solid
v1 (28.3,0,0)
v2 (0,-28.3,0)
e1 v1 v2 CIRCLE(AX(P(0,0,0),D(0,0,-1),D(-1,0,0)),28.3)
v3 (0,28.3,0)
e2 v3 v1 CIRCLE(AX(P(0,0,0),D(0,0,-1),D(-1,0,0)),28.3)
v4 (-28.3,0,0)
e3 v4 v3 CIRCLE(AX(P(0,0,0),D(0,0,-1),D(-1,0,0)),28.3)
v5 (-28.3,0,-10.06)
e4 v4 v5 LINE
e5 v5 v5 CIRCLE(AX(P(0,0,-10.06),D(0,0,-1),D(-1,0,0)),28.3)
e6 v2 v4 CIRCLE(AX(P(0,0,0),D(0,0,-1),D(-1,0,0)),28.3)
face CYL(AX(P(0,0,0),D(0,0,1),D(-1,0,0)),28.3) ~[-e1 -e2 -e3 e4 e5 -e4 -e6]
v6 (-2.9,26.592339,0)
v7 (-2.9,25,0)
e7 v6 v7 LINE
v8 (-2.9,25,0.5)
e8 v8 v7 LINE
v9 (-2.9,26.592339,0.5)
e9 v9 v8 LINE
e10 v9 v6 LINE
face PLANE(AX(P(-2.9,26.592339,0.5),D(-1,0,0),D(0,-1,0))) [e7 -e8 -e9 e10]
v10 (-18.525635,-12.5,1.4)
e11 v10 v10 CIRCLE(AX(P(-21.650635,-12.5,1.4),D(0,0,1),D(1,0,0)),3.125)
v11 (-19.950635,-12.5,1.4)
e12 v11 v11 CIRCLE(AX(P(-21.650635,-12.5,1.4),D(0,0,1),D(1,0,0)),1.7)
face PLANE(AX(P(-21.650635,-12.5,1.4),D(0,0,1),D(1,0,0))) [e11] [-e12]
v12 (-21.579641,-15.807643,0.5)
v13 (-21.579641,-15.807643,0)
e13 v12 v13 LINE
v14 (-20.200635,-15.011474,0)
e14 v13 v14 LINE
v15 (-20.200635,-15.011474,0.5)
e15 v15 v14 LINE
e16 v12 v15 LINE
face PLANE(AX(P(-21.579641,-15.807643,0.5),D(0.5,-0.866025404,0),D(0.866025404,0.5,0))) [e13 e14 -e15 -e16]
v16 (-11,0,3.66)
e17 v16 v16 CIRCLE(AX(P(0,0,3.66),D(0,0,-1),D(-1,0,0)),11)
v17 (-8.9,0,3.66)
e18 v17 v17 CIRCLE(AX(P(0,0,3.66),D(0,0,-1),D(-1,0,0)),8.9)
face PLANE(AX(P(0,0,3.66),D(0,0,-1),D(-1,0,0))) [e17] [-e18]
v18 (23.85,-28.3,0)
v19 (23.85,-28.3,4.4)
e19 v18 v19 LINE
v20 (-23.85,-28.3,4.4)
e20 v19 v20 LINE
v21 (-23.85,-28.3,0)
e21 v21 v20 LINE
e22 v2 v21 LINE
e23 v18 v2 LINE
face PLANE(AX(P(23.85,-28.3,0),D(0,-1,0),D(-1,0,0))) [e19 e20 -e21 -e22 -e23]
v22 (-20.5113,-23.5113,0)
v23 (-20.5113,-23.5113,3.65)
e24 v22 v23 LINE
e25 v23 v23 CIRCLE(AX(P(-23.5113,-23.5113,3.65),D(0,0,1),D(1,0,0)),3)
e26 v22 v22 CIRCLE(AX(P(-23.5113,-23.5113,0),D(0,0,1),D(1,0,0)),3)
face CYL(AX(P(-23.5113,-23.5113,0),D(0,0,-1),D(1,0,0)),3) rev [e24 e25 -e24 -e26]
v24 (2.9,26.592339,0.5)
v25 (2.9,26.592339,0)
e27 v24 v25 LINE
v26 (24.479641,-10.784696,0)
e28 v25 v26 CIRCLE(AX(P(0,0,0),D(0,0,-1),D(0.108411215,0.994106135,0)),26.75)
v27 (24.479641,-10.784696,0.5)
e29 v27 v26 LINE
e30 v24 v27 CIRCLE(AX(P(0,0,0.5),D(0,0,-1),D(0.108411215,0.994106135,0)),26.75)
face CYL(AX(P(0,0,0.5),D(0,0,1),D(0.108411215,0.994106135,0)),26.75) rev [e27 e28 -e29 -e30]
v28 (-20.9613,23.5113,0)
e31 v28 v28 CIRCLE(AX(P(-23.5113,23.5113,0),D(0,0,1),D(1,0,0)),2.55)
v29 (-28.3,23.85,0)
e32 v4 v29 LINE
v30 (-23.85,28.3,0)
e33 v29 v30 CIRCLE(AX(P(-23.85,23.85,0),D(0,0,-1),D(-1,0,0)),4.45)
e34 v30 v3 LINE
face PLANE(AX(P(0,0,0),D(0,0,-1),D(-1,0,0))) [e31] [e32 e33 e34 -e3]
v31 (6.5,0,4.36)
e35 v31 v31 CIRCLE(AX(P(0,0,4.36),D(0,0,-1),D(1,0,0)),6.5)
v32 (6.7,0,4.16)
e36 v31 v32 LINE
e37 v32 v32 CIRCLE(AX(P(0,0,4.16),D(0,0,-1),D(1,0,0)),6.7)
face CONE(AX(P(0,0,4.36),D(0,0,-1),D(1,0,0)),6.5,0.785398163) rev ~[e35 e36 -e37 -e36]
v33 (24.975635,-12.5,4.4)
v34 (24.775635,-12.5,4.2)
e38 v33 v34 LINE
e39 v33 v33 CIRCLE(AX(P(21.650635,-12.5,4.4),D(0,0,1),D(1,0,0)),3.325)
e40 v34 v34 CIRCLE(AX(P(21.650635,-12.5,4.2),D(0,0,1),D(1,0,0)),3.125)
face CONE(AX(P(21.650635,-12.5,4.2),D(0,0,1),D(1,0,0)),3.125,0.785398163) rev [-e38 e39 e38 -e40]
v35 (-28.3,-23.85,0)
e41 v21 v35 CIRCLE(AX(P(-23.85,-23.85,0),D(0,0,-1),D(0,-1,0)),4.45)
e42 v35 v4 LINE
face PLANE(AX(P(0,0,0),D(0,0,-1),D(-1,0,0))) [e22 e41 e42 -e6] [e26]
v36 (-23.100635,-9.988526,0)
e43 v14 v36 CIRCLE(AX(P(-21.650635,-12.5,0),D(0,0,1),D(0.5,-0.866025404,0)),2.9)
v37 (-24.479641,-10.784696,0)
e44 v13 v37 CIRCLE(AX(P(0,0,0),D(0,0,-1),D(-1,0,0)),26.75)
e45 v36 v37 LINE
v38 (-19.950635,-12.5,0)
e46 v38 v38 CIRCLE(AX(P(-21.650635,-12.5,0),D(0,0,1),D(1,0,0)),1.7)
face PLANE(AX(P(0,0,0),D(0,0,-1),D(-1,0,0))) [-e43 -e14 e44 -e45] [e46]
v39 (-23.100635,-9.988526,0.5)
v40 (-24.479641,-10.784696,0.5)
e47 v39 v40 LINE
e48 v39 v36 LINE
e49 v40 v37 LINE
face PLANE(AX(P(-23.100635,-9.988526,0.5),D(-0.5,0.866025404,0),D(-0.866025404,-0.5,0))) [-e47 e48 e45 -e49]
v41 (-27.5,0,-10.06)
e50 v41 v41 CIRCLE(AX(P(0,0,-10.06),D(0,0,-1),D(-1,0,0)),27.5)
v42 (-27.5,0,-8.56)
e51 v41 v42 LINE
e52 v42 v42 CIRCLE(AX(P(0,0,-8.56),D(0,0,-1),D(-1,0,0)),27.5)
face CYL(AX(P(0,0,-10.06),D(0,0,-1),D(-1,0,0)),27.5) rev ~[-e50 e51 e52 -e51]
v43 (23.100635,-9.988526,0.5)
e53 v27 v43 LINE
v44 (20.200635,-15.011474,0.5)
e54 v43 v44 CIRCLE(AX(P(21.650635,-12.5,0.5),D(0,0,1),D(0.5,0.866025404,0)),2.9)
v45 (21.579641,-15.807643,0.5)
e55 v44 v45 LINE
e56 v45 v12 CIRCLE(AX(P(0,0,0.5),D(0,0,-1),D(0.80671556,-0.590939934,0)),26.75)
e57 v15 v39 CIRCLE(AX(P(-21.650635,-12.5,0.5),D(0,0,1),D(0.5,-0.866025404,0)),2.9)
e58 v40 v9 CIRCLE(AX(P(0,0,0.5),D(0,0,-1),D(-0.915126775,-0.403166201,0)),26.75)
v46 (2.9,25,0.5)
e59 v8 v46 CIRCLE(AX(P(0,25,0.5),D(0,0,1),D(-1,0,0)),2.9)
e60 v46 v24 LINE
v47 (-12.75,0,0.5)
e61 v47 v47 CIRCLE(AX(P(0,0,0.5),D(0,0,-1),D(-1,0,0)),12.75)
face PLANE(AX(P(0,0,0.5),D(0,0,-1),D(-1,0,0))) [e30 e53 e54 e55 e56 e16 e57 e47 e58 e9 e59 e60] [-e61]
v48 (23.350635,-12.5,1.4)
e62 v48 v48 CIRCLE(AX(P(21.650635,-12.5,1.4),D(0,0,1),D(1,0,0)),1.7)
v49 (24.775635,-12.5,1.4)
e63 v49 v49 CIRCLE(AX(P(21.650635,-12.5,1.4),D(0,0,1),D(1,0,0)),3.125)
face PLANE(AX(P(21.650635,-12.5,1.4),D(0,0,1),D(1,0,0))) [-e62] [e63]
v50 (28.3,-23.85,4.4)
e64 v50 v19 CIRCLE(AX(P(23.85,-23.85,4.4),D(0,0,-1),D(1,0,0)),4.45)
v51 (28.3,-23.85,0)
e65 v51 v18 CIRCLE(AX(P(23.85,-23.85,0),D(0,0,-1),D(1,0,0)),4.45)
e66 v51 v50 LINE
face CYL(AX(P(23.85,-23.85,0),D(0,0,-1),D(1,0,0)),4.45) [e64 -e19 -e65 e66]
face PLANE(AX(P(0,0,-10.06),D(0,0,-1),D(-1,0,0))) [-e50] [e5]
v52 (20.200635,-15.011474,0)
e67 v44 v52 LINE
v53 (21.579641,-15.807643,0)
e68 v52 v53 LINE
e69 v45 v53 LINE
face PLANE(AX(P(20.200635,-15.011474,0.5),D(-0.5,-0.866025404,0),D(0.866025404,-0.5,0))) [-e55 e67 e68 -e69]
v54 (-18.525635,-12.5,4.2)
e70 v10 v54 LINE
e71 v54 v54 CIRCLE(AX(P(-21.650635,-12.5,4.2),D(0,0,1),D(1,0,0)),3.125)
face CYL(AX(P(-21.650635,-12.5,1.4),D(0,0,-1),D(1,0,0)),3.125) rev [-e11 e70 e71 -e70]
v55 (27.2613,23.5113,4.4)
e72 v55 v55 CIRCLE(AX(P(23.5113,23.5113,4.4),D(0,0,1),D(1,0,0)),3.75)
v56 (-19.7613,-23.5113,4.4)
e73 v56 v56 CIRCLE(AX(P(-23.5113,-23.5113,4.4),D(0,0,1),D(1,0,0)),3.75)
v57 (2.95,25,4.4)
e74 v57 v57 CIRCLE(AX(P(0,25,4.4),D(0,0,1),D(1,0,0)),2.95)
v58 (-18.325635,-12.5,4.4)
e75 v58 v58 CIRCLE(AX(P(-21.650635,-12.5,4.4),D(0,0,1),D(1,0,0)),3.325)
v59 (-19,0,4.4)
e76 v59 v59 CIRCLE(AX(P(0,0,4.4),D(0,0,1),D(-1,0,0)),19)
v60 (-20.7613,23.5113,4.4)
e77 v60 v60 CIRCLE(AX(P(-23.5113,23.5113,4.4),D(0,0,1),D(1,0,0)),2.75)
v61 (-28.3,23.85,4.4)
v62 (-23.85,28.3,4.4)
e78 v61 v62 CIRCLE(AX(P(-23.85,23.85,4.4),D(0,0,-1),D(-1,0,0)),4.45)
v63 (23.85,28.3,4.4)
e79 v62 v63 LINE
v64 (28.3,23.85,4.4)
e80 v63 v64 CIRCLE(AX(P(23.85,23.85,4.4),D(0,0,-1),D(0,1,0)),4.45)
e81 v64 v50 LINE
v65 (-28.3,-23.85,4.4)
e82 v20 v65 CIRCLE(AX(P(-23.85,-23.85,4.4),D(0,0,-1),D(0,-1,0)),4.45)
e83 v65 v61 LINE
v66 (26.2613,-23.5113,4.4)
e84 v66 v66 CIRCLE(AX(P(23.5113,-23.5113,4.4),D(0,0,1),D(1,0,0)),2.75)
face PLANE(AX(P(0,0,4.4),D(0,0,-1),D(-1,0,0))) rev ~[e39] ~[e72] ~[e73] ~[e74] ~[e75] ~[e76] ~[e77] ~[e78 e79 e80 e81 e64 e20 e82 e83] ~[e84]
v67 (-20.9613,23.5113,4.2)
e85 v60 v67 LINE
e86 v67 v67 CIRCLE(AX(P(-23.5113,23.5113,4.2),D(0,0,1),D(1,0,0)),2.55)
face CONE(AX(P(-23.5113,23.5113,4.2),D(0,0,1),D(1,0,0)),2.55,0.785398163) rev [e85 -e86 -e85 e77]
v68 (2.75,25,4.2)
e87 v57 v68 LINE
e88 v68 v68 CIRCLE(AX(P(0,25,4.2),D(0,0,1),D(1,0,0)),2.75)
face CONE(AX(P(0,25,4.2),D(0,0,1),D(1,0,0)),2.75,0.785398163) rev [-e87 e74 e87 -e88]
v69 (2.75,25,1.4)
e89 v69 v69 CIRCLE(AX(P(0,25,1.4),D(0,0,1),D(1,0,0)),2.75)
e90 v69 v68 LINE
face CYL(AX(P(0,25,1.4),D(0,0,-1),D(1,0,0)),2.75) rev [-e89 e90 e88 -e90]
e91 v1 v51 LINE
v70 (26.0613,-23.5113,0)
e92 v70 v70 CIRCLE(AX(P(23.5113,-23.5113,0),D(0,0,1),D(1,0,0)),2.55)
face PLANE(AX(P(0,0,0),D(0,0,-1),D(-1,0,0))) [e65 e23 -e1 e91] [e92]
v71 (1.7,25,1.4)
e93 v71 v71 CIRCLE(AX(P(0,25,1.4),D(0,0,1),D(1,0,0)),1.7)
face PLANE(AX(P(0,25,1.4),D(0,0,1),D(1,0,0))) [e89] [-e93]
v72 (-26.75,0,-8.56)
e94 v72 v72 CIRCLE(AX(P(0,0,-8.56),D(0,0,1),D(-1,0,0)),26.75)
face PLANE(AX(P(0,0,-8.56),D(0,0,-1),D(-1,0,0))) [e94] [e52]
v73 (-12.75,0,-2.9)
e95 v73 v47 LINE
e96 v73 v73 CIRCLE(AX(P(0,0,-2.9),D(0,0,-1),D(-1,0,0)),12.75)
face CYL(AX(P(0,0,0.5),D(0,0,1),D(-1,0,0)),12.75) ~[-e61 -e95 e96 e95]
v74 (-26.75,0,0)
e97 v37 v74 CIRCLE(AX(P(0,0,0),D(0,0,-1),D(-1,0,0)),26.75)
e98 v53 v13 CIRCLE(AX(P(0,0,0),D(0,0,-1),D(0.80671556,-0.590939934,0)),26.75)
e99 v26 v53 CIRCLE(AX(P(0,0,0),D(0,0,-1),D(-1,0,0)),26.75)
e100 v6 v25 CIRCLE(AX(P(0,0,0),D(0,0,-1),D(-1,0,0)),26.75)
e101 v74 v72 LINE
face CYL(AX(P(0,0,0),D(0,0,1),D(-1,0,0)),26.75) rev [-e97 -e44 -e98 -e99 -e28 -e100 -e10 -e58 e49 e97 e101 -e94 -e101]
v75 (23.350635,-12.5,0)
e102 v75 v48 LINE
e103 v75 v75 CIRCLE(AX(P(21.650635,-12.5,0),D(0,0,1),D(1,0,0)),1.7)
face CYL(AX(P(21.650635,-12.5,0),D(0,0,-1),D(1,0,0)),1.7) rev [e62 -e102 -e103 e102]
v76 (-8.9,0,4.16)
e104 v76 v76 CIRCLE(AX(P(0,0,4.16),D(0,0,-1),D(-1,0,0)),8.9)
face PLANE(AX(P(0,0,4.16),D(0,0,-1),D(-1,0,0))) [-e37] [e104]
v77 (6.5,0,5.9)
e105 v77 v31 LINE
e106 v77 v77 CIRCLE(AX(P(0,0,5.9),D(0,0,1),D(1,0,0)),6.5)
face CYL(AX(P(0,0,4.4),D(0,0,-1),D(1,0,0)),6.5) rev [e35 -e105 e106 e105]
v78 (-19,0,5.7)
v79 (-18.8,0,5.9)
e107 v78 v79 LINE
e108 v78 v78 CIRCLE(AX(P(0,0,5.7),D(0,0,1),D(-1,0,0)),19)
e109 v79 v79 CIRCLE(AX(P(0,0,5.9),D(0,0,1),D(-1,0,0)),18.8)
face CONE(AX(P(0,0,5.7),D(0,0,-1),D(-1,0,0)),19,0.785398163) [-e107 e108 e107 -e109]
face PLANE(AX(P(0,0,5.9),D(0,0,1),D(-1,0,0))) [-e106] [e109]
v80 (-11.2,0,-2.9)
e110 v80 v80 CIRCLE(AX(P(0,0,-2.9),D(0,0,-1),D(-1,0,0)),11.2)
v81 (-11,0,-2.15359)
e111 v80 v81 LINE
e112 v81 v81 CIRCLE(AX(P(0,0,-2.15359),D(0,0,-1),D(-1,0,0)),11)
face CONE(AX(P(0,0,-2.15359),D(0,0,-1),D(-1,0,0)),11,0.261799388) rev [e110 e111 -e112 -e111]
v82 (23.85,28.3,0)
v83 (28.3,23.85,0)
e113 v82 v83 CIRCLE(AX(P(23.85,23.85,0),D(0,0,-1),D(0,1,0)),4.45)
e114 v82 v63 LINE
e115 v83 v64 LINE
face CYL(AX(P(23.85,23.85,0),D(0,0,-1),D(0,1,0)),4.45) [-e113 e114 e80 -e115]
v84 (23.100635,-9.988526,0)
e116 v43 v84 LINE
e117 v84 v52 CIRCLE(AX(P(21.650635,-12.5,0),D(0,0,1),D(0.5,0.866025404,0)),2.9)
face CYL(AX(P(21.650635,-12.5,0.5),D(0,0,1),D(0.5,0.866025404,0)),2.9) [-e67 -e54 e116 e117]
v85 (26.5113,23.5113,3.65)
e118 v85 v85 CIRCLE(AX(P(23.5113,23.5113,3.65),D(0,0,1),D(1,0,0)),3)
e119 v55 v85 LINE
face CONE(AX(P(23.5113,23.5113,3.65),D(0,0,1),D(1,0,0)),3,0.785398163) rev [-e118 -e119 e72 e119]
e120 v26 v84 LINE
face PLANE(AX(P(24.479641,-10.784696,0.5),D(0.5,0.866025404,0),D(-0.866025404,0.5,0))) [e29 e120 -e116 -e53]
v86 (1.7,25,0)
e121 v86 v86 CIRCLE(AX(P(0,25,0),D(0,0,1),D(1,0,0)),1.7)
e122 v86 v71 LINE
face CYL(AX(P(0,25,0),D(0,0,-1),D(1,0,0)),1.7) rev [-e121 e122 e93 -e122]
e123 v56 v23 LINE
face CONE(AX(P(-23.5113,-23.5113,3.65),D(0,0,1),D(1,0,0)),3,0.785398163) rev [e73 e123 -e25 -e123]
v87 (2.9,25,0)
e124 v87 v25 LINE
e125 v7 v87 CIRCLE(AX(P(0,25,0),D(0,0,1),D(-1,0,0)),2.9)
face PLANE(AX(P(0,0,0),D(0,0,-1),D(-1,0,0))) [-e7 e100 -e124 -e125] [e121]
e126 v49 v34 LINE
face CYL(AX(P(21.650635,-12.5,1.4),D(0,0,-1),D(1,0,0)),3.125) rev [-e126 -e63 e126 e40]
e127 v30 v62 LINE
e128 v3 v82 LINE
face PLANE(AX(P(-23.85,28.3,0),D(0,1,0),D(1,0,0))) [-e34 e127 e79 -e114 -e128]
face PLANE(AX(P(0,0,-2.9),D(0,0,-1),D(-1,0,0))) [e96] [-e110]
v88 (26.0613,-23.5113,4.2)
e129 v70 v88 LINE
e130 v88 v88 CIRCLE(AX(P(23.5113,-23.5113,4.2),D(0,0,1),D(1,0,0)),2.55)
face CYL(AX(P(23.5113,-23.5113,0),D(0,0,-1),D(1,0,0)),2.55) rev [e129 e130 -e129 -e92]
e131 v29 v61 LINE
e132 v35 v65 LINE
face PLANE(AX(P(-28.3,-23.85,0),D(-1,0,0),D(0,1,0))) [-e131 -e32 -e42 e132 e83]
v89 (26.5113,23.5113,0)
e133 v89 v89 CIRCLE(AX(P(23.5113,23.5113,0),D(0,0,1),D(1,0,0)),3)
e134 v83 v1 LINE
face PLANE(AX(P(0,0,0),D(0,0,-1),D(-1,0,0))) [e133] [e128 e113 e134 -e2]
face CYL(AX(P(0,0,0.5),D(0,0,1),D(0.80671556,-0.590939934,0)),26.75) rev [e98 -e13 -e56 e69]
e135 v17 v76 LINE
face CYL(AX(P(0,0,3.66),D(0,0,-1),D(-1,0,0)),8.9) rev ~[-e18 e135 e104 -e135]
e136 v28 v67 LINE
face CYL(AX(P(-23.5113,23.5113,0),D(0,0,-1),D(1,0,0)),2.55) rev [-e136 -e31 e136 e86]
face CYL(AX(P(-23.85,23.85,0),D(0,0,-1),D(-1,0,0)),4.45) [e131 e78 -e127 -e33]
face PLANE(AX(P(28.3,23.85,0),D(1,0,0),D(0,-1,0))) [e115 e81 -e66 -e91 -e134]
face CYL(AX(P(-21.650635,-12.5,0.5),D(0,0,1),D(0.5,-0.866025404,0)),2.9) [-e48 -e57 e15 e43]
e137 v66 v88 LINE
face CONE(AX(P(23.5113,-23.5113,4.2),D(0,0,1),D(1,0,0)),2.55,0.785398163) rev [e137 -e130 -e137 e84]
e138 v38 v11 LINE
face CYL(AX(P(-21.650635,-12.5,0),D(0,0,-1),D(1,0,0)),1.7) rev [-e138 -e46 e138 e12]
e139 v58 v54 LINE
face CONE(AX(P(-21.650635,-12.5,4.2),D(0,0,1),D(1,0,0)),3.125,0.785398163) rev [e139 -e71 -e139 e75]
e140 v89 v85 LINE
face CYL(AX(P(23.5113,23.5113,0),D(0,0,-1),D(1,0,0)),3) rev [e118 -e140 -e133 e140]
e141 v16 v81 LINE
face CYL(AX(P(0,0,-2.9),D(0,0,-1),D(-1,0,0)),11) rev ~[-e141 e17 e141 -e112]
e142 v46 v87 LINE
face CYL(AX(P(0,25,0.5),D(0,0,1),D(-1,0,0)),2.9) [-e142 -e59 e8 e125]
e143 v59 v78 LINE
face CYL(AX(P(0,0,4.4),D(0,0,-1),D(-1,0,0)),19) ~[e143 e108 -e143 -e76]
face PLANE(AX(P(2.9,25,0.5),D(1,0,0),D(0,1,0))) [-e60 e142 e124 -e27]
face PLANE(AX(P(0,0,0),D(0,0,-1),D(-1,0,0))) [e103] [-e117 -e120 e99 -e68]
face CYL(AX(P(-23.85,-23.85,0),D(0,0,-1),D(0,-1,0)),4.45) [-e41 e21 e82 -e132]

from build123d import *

# Parameters (mm, degrees)
IZIM1_R                     = 2.55
IZIM1_R_2                   = 3
IZIM1_R_3                   = 6.5
IZIM1_R_4                   = 1.7
Y_KSEKLIK_EKSTR_ZYON1_DEPTH = 4.4
IZIM2_R                     = 19
IZIM2_R_2                   = 6.5
Y_KSEKLIK_EKSTR_ZYON2_DEPTH = 1.5
PAH1_SIZE                   = 0.2
PAH2_SIZE                   = 0.75
KES_EKSTR_ZYON1_START       = -3
IZIM3_R                     = 3.125
IZIM3_R_2                   = 1.7
IZIM3_R_3                   = 2.75
KES_EKSTR_ZYON1_DEPTH       = 3
PAH3_SIZE                   = 0.2
IZIM4_R                     = 11
KES_EKSTR_ZYON2_DEPTH       = 3.66
IZIM5_R                     = 8.9
KES_EKSTR_ZYON3_DEPTH       = 0.5
PAH4_SIZE                   = 0.2
Y_KSEKLIK_EKSTR_ZYON3_START = 2.9
IZIM6_R                     = 12.75
IZIM6_R_2                   = 11
Y_KSEKLIK_EKSTR_ZYON3_DEPTH = 2.9
PAH5_SIZE                   = 0.2
PAH5_SIZE2                  = 0.746410162
IZIM7_R                     = 28.3
IZIM7_R_2                   = 26.75
Y_KSEKLIK_EKSTR_ZYON4_DEPTH = 10.06
KES_EKSTR_ZYON4_START       = -0.5
IZIM8_R                     = 12.75
KES_EKSTR_ZYON4_DEPTH       = 0.5
IZIM10_R                    = 27.5
KES_EKSTR_ZYON5_DEPTH       = 1.5


with BuildPart() as part:
    # Çizim1 → Yükseklik-Ekstrüzyon1 (new body)
    with BuildSketch(Plane.XY):
        with BuildLine():
            Line((-23.85, 28.3), (23.85, 28.3))
            ThreePointArc((23.85, 28.3), (26.996625176, 26.996625176), (28.3, 23.85))
            Line((28.3, 23.85), (28.3, -23.85))
            ThreePointArc((28.3, -23.85), (26.996625176, -26.996625176), (23.85, -28.3))
            Line((23.85, -28.3), (-23.85, -28.3))
            ThreePointArc((-23.85, -28.3), (-26.996625176, -26.996625176), (-28.3, -23.85))
            Line((-28.3, -23.85), (-28.3, 23.85))
            ThreePointArc((-28.3, 23.85), (-26.996625176, 26.996625176), (-23.85, 28.3))
        make_face()
        with Locations((-23.511300474, 23.511300474)):
            Circle(IZIM1_R, mode=Mode.SUBTRACT)
        with Locations((23.511300474, -23.511300474)):
            Circle(IZIM1_R, mode=Mode.SUBTRACT)
        with Locations((-23.511300474, -23.511300474)):
            Circle(IZIM1_R_2, mode=Mode.SUBTRACT)
        with Locations((23.511300474, 23.511300474)):
            Circle(IZIM1_R_2, mode=Mode.SUBTRACT)
        Circle(IZIM1_R_3, mode=Mode.SUBTRACT)
        with Locations((0, 25)):
            Circle(IZIM1_R_4, mode=Mode.SUBTRACT)
        with Locations((21.650635095, -12.5)):
            Circle(IZIM1_R_4, mode=Mode.SUBTRACT)
        with Locations((-21.650635095, -12.5)):
            Circle(IZIM1_R_4, mode=Mode.SUBTRACT)
    extrude(amount=Y_KSEKLIK_EKSTR_ZYON1_DEPTH)

    # Çizim2 → Yükseklik-Ekstrüzyon2 (add)
    with BuildSketch(Plane.XY.offset(4.4)):
        with Locations(Location((0, 0, 0), (0, 0, 180))):
            Circle(IZIM2_R)
        Circle(IZIM2_R_2, mode=Mode.SUBTRACT)
    extrude(amount=Y_KSEKLIK_EKSTR_ZYON2_DEPTH)

    # Pah1
    pah1_edges = [part.edges().sort_by_distance(p)[0] for p in [
        (19, 0, 5.9),
    ]]
    chamfer(pah1_edges, length=PAH1_SIZE)

    # Pah2
    pah2_edges = [part.edges().sort_by_distance(p)[0] for p in [
        (20.511300474, 23.511300474, 4.4),
        (-26.511300474, -23.511300474, 4.4),
    ]]
    chamfer(pah2_edges, length=PAH2_SIZE)

    # Çizim3 → Kes-Ekstrüzyon1 (cut)
    # profile 1 of 3: a face of its own
    with BuildSketch(Plane.XY.offset(4.4).offset(KES_EKSTR_ZYON1_START)):
        with Locations((-21.650635095, -12.5)):
            Circle(IZIM3_R)
        with Locations((-21.650635095, -12.5)):
            Circle(IZIM3_R_2, mode=Mode.SUBTRACT)
    # profile 2 of 3: a face of its own
    with BuildSketch(Plane.XY.offset(4.4).offset(KES_EKSTR_ZYON1_START)):
        with Locations((21.650635095, -12.5)):
            Circle(IZIM3_R)
        with Locations((21.650635095, -12.5)):
            Circle(IZIM3_R_2, mode=Mode.SUBTRACT)
    # profile 3 of 3: a face of its own
    with BuildSketch(Plane.XY.offset(4.4).offset(KES_EKSTR_ZYON1_START)):
        with Locations((0, 25)):
            Circle(IZIM3_R_3)
        with Locations((0, 25)):
            Circle(IZIM3_R_2, mode=Mode.SUBTRACT)
    extrude(amount=KES_EKSTR_ZYON1_DEPTH, mode=Mode.SUBTRACT)

    # Pah3
    pah3_edges = [part.edges().sort_by_distance(p)[0] for p in [
        (-26.061300474, 23.511300474, 4.4),
        (20.961300474, -23.511300474, 4.4),
        (-24.775635095, -12.5, 4.4),
        (18.525635095, -12.5, 4.4),
        (-2.75, 25, 4.4),
    ]]
    chamfer(pah3_edges, length=PAH3_SIZE)

    # Çizim4 → Kes-Ekstrüzyon2 (cut)
    with BuildSketch(Plane(origin=(0, 0, 0), x_dir=(-1, 0, 0), z_dir=(0, 0, -1))):
        Circle(IZIM4_R)
    extrude(amount=-KES_EKSTR_ZYON2_DEPTH, mode=Mode.SUBTRACT)

    # Çizim5 → Kes-Ekstrüzyon3 (cut)
    with BuildSketch(Plane(origin=(0, 0, 3.66), x_dir=(-1, 0, 0), z_dir=(0, 0, -1))):
        Circle(IZIM5_R)
    extrude(amount=-KES_EKSTR_ZYON3_DEPTH, mode=Mode.SUBTRACT)

    # Pah4
    pah4_edges = [part.edges().sort_by_distance(p)[0] for p in [
        (-6.5, 0, 4.16),
    ]]
    chamfer(pah4_edges, length=PAH4_SIZE)

    # Çizim6 → Yükseklik-Ekstrüzyon3 (add)
    with BuildSketch(Plane(origin=(0, 0, 0), x_dir=(-1, 0, 0), z_dir=(0, 0, -1)).offset(Y_KSEKLIK_EKSTR_ZYON3_START)):
        Circle(IZIM6_R)
        Circle(IZIM6_R_2, mode=Mode.SUBTRACT)
    extrude(amount=-Y_KSEKLIK_EKSTR_ZYON3_DEPTH)

    # Pah5
    pah5_edges = [part.edges().sort_by_distance(p)[0] for p in [
        (11, 0, -2.9),
    ]]
    pah5_side = [part.faces().sort_by_distance(p)[0] for p in [
        (12.389375542, 0, -2.9),
    ]]
    chamfer(pah5_edges, length=PAH5_SIZE, length2=PAH5_SIZE2, reference=pah5_side[0])

    # Çizim7 → Yükseklik-Ekstrüzyon4 (add)
    with BuildSketch(Plane(origin=(0, 0, 0), x_dir=(-1, 0, 0), z_dir=(0, 0, -1))):
        Circle(IZIM7_R)
        Circle(IZIM7_R_2, mode=Mode.SUBTRACT)
    extrude(amount=Y_KSEKLIK_EKSTR_ZYON4_DEPTH)

    # Çizim8 → Kes-Ekstrüzyon4 (cut)
    with BuildSketch(Plane(origin=(0, 0, 0), x_dir=(-1, 0, 0), z_dir=(0, 0, -1)).offset(KES_EKSTR_ZYON4_START)):
        with BuildLine():
            Line((-2.9, 25), (-2.9, 26.592339122))
            ThreePointArc((-2.9, 26.592339122), (-23.166179551, 13.375), (-24.479641226, -10.78469589))
            Line((-24.479641226, -10.78469589), (-23.100635095, -9.988526329))
            ThreePointArc((-23.100635095, -9.988526329), (-19.139161424, -11.05), (-20.200635095, -15.011473671))
            Line((-20.200635095, -15.011473671), (-21.579641226, -15.807643232))
            ThreePointArc((-21.579641226, -15.807643232), (0, -26.75), (21.579641226, -15.807643232))
            Line((21.579641226, -15.807643232), (20.200635095, -15.011473671))
            ThreePointArc((20.200635095, -15.011473671), (19.139161424, -11.05), (23.100635095, -9.988526329))
            Line((23.100635095, -9.988526329), (24.479641226, -10.78469589))
            ThreePointArc((24.479641226, -10.78469589), (23.166179551, 13.375), (2.9, 26.592339122))
            Line((2.9, 26.592339122), (2.9, 25))
            ThreePointArc((2.9, 25), (0, 22.1), (-2.9, 25))
        make_face()
        Circle(IZIM8_R, mode=Mode.SUBTRACT)
    extrude(amount=KES_EKSTR_ZYON4_DEPTH, mode=Mode.SUBTRACT)

    # Çizim10 → Kes-Ekstrüzyon5 (cut)
    with BuildSketch(Plane(origin=(0, 0, -10.06), x_dir=(-1, 0, 0), z_dir=(0, 0, -1))):
        Circle(IZIM10_R)
    extrude(amount=-KES_EKSTR_ZYON5_DEPTH, mode=Mode.SUBTRACT)


solid = part.part
